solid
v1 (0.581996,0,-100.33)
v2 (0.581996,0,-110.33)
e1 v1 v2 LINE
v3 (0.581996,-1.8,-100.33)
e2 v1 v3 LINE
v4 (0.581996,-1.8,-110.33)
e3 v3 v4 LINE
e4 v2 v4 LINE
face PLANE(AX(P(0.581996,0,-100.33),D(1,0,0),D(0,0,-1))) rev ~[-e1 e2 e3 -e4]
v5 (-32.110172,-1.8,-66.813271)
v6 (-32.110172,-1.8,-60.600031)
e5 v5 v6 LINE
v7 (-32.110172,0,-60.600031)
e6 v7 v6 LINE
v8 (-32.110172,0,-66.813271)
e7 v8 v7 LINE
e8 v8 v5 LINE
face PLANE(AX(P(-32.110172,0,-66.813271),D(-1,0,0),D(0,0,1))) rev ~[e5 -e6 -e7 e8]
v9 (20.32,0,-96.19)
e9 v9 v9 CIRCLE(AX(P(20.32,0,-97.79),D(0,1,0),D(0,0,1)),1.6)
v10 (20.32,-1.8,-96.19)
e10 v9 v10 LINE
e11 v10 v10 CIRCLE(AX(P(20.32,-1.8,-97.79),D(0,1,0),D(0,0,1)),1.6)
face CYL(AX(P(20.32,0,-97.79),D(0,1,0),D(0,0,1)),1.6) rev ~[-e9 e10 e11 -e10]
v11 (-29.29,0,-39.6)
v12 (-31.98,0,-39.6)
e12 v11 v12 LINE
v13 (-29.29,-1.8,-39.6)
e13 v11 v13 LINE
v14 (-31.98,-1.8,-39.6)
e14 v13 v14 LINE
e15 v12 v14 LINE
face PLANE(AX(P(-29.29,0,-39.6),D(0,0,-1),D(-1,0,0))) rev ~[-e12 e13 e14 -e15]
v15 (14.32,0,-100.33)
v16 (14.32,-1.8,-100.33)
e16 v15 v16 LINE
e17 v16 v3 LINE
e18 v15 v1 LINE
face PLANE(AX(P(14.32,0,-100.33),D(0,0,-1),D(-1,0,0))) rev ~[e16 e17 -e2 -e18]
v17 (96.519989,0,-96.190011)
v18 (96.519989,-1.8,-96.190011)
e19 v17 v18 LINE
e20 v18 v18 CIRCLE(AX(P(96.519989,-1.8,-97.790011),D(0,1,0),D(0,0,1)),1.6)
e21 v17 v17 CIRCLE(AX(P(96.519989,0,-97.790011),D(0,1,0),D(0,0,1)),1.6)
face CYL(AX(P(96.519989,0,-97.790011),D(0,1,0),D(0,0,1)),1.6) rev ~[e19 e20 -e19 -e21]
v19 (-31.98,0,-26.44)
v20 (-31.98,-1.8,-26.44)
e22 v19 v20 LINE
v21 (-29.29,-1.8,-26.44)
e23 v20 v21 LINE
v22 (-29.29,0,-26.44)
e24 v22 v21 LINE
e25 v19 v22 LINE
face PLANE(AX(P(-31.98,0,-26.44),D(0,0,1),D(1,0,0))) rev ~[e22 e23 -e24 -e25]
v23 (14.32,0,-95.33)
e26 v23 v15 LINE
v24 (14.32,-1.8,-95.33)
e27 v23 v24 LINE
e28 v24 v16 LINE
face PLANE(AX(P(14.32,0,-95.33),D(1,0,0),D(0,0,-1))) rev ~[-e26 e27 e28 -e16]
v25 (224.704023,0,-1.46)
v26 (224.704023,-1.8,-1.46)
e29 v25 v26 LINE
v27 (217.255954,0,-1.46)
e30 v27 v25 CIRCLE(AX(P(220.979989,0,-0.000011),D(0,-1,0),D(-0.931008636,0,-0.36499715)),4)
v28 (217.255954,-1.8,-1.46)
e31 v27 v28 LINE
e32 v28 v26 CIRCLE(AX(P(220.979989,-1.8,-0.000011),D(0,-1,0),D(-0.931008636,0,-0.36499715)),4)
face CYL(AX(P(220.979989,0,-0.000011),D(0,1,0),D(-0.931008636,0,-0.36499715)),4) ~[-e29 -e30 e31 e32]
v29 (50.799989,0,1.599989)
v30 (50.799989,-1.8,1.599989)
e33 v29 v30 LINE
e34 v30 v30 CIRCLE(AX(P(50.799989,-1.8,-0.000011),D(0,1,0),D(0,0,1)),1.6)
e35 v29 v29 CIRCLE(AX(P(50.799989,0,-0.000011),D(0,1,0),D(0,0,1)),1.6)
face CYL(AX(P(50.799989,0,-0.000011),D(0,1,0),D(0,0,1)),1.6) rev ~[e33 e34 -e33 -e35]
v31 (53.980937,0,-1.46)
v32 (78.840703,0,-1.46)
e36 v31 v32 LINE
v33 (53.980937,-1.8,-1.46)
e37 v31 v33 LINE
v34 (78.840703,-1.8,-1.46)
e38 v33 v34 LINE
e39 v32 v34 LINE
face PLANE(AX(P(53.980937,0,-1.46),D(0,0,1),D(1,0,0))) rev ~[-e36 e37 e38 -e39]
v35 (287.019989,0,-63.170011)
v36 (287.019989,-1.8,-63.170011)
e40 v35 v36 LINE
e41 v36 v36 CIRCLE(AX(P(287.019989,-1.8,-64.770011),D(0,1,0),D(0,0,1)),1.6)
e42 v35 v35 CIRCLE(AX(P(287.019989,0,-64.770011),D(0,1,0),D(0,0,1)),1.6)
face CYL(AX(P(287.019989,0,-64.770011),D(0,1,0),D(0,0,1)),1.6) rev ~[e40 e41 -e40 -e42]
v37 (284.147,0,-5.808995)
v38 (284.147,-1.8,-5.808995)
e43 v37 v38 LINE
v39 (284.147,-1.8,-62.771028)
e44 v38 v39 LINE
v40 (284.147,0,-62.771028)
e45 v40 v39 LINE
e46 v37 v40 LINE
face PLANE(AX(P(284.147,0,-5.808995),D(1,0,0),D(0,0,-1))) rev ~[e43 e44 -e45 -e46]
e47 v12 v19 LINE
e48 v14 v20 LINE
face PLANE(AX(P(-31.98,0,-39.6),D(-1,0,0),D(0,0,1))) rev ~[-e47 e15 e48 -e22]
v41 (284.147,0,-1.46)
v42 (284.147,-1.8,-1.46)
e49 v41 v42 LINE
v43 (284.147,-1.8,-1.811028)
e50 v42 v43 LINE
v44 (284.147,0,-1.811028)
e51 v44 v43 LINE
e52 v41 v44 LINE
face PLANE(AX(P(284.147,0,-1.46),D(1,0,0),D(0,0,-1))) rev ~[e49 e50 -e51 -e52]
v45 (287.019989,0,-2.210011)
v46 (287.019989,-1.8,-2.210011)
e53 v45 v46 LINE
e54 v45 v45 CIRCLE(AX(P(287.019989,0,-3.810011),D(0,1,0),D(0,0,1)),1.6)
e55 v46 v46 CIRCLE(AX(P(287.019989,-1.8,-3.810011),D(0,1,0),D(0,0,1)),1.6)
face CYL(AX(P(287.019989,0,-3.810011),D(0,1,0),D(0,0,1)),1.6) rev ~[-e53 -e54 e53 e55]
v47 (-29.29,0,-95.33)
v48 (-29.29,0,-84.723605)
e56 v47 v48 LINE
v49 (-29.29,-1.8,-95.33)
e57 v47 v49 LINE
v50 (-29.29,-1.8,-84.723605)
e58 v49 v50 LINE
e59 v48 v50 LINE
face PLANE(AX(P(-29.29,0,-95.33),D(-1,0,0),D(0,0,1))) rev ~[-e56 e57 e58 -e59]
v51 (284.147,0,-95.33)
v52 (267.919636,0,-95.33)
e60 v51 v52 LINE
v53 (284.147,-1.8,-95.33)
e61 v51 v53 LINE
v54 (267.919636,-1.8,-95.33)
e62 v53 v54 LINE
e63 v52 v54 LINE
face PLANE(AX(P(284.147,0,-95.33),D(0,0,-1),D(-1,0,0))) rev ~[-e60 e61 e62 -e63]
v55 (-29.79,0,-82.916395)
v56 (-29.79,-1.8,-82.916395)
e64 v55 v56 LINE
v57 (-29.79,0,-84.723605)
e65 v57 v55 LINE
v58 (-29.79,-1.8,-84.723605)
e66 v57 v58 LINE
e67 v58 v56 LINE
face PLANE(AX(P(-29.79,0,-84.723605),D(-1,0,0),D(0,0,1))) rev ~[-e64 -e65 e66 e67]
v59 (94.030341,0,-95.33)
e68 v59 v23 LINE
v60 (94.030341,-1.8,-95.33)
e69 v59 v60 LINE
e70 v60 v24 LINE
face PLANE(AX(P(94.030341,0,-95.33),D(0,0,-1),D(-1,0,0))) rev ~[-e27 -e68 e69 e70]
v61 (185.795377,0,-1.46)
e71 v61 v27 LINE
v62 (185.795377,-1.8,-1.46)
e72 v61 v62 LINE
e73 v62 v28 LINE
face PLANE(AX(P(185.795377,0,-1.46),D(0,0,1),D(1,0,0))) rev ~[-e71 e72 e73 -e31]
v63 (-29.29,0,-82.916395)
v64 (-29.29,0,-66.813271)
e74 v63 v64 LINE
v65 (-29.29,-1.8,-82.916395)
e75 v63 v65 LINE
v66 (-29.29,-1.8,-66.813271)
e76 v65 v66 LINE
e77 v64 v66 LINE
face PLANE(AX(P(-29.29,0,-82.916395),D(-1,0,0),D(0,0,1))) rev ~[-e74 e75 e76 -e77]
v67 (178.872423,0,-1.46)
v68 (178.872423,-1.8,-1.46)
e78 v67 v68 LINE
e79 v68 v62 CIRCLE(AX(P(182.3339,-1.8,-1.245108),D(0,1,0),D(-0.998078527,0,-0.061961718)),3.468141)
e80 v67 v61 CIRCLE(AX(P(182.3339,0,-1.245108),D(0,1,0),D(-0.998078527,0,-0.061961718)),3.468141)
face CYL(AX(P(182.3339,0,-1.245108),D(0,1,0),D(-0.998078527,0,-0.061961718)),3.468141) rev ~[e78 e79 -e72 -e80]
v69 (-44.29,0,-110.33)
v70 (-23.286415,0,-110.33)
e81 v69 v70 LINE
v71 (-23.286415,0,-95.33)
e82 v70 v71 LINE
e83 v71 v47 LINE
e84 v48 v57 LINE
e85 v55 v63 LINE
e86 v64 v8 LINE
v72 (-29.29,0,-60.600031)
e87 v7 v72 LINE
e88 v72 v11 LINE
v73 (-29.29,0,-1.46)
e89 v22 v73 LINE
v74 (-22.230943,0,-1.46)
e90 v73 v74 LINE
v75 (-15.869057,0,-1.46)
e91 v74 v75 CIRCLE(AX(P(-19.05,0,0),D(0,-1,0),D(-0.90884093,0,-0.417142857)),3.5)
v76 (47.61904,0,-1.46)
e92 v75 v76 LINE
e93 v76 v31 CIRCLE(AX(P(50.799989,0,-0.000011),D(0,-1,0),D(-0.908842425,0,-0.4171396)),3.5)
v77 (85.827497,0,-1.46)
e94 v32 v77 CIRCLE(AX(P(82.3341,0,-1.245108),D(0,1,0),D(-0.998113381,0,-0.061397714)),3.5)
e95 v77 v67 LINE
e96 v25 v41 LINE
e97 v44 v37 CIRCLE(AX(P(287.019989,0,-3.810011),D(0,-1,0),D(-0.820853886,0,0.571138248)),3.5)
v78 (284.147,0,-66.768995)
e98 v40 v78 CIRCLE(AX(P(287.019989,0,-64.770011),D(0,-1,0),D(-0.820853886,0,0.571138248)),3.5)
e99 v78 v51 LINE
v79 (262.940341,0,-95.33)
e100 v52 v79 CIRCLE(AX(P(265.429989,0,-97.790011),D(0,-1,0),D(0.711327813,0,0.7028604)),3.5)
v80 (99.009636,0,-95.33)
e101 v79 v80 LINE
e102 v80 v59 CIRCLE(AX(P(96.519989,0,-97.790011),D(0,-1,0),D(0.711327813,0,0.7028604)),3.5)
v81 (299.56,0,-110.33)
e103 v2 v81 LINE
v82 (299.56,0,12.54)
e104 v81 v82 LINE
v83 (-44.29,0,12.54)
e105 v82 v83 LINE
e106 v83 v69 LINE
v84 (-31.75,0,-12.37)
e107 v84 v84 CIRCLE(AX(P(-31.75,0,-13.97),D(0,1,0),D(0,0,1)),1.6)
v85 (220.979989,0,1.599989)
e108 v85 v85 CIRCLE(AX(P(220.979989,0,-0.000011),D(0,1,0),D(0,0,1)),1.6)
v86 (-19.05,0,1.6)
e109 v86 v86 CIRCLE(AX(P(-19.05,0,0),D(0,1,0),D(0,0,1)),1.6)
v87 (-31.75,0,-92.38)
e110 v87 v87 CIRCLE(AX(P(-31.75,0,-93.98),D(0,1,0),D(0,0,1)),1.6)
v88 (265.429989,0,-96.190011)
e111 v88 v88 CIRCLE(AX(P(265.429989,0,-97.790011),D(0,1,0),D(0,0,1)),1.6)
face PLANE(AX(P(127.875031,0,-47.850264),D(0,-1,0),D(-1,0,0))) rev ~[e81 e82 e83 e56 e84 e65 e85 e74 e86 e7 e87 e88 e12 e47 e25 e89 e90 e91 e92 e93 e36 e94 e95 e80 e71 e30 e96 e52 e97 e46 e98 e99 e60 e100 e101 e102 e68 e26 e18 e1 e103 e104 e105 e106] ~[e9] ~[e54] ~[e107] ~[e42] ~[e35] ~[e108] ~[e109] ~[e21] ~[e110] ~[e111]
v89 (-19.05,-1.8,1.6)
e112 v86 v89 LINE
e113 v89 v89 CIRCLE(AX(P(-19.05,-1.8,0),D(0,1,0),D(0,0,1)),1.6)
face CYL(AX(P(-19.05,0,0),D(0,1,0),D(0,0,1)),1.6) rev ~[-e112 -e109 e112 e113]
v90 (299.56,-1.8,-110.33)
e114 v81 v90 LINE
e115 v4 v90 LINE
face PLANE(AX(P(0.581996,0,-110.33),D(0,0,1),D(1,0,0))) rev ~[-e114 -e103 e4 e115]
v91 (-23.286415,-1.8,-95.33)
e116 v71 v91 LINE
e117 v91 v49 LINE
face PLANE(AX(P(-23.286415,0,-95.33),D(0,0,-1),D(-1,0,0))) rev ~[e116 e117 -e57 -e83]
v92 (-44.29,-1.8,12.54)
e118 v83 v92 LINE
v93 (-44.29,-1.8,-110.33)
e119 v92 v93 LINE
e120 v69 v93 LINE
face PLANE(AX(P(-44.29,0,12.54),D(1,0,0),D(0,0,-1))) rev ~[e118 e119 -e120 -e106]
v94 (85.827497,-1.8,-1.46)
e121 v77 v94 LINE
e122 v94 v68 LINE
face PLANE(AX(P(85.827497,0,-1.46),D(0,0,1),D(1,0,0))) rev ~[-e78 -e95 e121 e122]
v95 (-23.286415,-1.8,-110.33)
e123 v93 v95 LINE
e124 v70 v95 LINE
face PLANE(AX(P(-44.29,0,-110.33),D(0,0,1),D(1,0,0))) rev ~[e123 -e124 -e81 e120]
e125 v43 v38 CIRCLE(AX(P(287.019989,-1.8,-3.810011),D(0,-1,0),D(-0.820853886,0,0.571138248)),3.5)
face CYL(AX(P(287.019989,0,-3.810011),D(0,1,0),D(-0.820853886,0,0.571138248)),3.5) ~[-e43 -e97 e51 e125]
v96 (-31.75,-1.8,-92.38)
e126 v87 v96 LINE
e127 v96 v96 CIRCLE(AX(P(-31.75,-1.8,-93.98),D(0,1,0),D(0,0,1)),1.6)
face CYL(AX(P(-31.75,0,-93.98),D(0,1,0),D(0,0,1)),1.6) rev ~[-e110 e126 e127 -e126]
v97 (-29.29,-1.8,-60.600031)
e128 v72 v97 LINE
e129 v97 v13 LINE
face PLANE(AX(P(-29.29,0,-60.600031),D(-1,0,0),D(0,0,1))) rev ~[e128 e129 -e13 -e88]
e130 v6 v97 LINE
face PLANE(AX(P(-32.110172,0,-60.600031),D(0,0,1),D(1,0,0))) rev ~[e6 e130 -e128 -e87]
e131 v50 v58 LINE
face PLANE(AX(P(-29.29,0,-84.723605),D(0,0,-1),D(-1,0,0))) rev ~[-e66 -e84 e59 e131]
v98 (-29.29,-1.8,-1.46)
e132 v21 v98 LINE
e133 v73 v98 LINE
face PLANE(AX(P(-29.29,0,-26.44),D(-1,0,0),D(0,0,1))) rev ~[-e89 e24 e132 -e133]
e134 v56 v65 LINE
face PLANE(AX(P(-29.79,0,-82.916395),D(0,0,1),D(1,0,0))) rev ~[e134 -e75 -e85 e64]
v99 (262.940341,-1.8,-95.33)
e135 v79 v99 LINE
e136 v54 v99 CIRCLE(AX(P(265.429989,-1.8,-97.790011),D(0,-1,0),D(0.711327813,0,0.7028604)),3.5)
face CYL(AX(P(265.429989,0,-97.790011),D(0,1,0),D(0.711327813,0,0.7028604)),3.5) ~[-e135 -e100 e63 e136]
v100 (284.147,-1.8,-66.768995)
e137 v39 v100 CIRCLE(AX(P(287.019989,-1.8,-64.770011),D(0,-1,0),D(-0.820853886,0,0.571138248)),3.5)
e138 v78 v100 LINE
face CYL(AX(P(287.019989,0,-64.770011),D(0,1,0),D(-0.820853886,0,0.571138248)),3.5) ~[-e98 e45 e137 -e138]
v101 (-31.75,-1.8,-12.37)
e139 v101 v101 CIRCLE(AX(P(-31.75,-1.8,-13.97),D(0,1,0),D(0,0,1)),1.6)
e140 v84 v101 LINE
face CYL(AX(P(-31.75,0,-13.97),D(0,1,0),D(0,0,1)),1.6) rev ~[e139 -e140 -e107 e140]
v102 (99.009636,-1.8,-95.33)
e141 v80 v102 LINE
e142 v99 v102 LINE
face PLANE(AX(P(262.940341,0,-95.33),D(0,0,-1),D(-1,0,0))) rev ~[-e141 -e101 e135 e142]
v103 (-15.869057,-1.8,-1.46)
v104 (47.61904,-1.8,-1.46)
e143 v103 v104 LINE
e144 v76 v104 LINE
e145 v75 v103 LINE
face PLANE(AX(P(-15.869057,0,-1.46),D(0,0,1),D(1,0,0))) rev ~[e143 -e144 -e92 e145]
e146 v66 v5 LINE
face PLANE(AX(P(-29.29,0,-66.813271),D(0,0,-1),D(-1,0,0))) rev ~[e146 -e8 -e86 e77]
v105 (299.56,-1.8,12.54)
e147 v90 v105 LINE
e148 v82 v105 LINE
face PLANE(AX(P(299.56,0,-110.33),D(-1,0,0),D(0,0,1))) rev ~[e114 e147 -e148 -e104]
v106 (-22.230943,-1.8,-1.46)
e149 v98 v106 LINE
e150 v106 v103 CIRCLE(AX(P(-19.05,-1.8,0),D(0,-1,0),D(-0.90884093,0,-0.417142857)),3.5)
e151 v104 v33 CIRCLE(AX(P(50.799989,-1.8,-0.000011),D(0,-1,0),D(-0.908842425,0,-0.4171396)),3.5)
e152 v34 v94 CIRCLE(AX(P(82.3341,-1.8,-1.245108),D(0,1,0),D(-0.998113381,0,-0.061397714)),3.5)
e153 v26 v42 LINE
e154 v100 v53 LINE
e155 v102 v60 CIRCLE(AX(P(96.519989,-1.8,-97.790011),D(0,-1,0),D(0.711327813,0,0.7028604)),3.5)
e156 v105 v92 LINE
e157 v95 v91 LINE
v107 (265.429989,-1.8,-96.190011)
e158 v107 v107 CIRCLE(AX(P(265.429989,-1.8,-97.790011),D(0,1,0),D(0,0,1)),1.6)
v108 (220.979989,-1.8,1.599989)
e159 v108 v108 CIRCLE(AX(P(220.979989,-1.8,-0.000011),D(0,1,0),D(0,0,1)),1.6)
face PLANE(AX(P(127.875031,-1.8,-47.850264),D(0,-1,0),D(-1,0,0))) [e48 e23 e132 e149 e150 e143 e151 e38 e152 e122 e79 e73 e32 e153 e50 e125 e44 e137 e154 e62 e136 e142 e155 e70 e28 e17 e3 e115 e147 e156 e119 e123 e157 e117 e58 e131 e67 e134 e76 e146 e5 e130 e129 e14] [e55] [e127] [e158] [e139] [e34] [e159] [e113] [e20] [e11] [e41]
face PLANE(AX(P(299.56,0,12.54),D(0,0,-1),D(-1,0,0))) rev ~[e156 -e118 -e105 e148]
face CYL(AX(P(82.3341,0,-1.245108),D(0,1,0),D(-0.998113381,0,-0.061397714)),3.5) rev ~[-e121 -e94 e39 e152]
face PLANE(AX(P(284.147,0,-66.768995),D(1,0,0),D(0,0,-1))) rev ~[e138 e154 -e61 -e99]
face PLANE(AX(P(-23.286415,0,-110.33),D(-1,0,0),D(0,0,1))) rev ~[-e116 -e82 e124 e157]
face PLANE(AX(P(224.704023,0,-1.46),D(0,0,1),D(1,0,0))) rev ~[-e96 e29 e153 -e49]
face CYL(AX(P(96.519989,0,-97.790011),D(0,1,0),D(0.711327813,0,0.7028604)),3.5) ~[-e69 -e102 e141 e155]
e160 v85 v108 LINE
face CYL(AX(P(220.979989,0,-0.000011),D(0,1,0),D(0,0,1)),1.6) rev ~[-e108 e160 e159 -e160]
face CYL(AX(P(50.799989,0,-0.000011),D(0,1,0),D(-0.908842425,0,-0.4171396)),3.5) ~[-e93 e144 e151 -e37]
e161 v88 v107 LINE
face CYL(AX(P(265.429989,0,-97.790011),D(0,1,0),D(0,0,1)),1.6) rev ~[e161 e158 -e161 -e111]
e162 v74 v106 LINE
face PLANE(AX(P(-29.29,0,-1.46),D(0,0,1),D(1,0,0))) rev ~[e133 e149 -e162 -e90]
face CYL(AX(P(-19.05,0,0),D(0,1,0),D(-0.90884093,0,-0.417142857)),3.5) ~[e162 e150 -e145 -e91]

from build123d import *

# Parameters (mm, degrees)
SKETCH_3_R      = 1.6
EXTRUDE_1_DEPTH = 1.8


with BuildPart() as part:
    # 草图3 → 凸台-拉伸1 (new body)
    with BuildSketch(Plane(origin=(0, 0, 0), x_dir=(1, 0, 0), z_dir=(0, 1, 0))):
        with BuildLine():
            Line((-44.29, 110.33), (-23.2864152, 110.33))
            Line((-23.2864152, 110.33), (-23.2864152, 95.33))
            Line((-23.2864152, 95.33), (-29.29, 95.33))
            Line((-29.29, 95.33), (-29.29, 84.723605))
            Line((-29.29, 84.723605), (-29.79, 84.723605))
            Line((-29.79, 84.723605), (-29.79, 82.916395))
            Line((-29.79, 82.916395), (-29.29, 82.916395))
            Line((-29.29, 82.916395), (-29.29, 66.81327125))
            Line((-29.29, 66.81327125), (-32.110172, 66.81327125))
            Line((-32.110172, 66.81327125), (-32.110172, 60.6000312))
            Line((-32.110172, 60.6000312), (-29.29, 60.6000312))
            Line((-29.29, 60.6000312), (-29.29, 39.6))
            Line((-29.29, 39.6), (-31.98, 39.6))
            Line((-31.98, 39.6), (-31.98, 26.44))
            Line((-31.98, 26.44), (-29.29, 26.44))
            Line((-29.29, 26.44), (-29.29, 1.46))
            Line((-29.29, 1.46), (-22.230943256, 1.46))
            ThreePointArc((-22.230943256, 1.46), (-19.05, 3.5), (-15.869056744, 1.46))
            Line((-15.869056744, 1.46), (47.619040111, 1.46))
            ThreePointArc((47.619040111, 1.46), (50.7999886, 3.5000114), (53.980937089, 1.46))
            Line((53.980937089, 1.46), (78.840703168, 1.46))
            ThreePointArc((78.840703168, 1.46), (82.3341, -2.254892), (85.827496832, 1.46))
            Line((85.827496832, 1.46), (178.872422541, 1.46))
            ThreePointArc((178.872422541, 1.46), (182.3339, -2.2230334), (185.795377459, 1.46))
            Line((185.795377459, 1.46), (217.255954056, 1.46))
            ThreePointArc((217.255954056, 1.46), (220.9799886, 4.0000114), (224.704023144, 1.46))
            Line((224.704023144, 1.46), (284.147, 1.46))
            Line((284.147, 1.46), (284.147, 1.811027532))
            ThreePointArc((284.147, 1.811027532), (283.5199886, 3.8100114), (284.147, 5.808995268))
            Line((284.147, 5.808995268), (284.147, 62.771027532))
            ThreePointArc((284.147, 62.771027532), (283.5199886, 64.7700114), (284.147, 66.768995268))
            Line((284.147, 66.768995268), (284.147, 95.33))
            Line((284.147, 95.33), (267.919635947, 95.33))
            ThreePointArc((267.919635947, 95.33), (265.4299886, 94.2900114), (262.940341253, 95.33))
            Line((262.940341253, 95.33), (99.009635947, 95.33))
            ThreePointArc((99.009635947, 95.33), (96.5199886, 94.2900114), (94.030341253, 95.33))
            Line((94.030341253, 95.33), (14.32, 95.33))
            Line((14.32, 95.33), (14.32, 100.33))
            Line((14.32, 100.33), (0.5819962, 100.33))
            Line((0.5819962, 100.33), (0.5819962, 110.33))
            Line((0.5819962, 110.33), (299.56, 110.33))
            Line((299.56, 110.33), (299.56, -12.54))
            Line((299.56, -12.54), (-44.29, -12.54))
            Line((-44.29, -12.54), (-44.29, 110.33))
        make_face()
        with Locations((-31.75, 93.98)):
            Circle(SKETCH_3_R, mode=Mode.SUBTRACT)
        with Locations((20.32, 97.79)):
            Circle(SKETCH_3_R, mode=Mode.SUBTRACT)
        with Locations((96.5199886, 97.7900114)):
            Circle(SKETCH_3_R, mode=Mode.SUBTRACT)
        with Locations((265.4299886, 97.7900114)):
            Circle(SKETCH_3_R, mode=Mode.SUBTRACT)
        with Locations((287.0199886, 64.7700114)):
            Circle(SKETCH_3_R, mode=Mode.SUBTRACT)
        with Locations((287.0199886, 3.8100114)):
            Circle(SKETCH_3_R, mode=Mode.SUBTRACT)
        with Locations((220.9799886, 1.14e-05)):
            Circle(SKETCH_3_R, mode=Mode.SUBTRACT)
        with Locations((50.7999886, 1.14e-05)):
            Circle(SKETCH_3_R, mode=Mode.SUBTRACT)
        with Locations((-19.05, 0)):
            Circle(SKETCH_3_R, mode=Mode.SUBTRACT)
        with Locations((-31.75, 13.97)):
            Circle(SKETCH_3_R, mode=Mode.SUBTRACT)
    extrude(amount=-EXTRUDE_1_DEPTH)


solid = part.part
